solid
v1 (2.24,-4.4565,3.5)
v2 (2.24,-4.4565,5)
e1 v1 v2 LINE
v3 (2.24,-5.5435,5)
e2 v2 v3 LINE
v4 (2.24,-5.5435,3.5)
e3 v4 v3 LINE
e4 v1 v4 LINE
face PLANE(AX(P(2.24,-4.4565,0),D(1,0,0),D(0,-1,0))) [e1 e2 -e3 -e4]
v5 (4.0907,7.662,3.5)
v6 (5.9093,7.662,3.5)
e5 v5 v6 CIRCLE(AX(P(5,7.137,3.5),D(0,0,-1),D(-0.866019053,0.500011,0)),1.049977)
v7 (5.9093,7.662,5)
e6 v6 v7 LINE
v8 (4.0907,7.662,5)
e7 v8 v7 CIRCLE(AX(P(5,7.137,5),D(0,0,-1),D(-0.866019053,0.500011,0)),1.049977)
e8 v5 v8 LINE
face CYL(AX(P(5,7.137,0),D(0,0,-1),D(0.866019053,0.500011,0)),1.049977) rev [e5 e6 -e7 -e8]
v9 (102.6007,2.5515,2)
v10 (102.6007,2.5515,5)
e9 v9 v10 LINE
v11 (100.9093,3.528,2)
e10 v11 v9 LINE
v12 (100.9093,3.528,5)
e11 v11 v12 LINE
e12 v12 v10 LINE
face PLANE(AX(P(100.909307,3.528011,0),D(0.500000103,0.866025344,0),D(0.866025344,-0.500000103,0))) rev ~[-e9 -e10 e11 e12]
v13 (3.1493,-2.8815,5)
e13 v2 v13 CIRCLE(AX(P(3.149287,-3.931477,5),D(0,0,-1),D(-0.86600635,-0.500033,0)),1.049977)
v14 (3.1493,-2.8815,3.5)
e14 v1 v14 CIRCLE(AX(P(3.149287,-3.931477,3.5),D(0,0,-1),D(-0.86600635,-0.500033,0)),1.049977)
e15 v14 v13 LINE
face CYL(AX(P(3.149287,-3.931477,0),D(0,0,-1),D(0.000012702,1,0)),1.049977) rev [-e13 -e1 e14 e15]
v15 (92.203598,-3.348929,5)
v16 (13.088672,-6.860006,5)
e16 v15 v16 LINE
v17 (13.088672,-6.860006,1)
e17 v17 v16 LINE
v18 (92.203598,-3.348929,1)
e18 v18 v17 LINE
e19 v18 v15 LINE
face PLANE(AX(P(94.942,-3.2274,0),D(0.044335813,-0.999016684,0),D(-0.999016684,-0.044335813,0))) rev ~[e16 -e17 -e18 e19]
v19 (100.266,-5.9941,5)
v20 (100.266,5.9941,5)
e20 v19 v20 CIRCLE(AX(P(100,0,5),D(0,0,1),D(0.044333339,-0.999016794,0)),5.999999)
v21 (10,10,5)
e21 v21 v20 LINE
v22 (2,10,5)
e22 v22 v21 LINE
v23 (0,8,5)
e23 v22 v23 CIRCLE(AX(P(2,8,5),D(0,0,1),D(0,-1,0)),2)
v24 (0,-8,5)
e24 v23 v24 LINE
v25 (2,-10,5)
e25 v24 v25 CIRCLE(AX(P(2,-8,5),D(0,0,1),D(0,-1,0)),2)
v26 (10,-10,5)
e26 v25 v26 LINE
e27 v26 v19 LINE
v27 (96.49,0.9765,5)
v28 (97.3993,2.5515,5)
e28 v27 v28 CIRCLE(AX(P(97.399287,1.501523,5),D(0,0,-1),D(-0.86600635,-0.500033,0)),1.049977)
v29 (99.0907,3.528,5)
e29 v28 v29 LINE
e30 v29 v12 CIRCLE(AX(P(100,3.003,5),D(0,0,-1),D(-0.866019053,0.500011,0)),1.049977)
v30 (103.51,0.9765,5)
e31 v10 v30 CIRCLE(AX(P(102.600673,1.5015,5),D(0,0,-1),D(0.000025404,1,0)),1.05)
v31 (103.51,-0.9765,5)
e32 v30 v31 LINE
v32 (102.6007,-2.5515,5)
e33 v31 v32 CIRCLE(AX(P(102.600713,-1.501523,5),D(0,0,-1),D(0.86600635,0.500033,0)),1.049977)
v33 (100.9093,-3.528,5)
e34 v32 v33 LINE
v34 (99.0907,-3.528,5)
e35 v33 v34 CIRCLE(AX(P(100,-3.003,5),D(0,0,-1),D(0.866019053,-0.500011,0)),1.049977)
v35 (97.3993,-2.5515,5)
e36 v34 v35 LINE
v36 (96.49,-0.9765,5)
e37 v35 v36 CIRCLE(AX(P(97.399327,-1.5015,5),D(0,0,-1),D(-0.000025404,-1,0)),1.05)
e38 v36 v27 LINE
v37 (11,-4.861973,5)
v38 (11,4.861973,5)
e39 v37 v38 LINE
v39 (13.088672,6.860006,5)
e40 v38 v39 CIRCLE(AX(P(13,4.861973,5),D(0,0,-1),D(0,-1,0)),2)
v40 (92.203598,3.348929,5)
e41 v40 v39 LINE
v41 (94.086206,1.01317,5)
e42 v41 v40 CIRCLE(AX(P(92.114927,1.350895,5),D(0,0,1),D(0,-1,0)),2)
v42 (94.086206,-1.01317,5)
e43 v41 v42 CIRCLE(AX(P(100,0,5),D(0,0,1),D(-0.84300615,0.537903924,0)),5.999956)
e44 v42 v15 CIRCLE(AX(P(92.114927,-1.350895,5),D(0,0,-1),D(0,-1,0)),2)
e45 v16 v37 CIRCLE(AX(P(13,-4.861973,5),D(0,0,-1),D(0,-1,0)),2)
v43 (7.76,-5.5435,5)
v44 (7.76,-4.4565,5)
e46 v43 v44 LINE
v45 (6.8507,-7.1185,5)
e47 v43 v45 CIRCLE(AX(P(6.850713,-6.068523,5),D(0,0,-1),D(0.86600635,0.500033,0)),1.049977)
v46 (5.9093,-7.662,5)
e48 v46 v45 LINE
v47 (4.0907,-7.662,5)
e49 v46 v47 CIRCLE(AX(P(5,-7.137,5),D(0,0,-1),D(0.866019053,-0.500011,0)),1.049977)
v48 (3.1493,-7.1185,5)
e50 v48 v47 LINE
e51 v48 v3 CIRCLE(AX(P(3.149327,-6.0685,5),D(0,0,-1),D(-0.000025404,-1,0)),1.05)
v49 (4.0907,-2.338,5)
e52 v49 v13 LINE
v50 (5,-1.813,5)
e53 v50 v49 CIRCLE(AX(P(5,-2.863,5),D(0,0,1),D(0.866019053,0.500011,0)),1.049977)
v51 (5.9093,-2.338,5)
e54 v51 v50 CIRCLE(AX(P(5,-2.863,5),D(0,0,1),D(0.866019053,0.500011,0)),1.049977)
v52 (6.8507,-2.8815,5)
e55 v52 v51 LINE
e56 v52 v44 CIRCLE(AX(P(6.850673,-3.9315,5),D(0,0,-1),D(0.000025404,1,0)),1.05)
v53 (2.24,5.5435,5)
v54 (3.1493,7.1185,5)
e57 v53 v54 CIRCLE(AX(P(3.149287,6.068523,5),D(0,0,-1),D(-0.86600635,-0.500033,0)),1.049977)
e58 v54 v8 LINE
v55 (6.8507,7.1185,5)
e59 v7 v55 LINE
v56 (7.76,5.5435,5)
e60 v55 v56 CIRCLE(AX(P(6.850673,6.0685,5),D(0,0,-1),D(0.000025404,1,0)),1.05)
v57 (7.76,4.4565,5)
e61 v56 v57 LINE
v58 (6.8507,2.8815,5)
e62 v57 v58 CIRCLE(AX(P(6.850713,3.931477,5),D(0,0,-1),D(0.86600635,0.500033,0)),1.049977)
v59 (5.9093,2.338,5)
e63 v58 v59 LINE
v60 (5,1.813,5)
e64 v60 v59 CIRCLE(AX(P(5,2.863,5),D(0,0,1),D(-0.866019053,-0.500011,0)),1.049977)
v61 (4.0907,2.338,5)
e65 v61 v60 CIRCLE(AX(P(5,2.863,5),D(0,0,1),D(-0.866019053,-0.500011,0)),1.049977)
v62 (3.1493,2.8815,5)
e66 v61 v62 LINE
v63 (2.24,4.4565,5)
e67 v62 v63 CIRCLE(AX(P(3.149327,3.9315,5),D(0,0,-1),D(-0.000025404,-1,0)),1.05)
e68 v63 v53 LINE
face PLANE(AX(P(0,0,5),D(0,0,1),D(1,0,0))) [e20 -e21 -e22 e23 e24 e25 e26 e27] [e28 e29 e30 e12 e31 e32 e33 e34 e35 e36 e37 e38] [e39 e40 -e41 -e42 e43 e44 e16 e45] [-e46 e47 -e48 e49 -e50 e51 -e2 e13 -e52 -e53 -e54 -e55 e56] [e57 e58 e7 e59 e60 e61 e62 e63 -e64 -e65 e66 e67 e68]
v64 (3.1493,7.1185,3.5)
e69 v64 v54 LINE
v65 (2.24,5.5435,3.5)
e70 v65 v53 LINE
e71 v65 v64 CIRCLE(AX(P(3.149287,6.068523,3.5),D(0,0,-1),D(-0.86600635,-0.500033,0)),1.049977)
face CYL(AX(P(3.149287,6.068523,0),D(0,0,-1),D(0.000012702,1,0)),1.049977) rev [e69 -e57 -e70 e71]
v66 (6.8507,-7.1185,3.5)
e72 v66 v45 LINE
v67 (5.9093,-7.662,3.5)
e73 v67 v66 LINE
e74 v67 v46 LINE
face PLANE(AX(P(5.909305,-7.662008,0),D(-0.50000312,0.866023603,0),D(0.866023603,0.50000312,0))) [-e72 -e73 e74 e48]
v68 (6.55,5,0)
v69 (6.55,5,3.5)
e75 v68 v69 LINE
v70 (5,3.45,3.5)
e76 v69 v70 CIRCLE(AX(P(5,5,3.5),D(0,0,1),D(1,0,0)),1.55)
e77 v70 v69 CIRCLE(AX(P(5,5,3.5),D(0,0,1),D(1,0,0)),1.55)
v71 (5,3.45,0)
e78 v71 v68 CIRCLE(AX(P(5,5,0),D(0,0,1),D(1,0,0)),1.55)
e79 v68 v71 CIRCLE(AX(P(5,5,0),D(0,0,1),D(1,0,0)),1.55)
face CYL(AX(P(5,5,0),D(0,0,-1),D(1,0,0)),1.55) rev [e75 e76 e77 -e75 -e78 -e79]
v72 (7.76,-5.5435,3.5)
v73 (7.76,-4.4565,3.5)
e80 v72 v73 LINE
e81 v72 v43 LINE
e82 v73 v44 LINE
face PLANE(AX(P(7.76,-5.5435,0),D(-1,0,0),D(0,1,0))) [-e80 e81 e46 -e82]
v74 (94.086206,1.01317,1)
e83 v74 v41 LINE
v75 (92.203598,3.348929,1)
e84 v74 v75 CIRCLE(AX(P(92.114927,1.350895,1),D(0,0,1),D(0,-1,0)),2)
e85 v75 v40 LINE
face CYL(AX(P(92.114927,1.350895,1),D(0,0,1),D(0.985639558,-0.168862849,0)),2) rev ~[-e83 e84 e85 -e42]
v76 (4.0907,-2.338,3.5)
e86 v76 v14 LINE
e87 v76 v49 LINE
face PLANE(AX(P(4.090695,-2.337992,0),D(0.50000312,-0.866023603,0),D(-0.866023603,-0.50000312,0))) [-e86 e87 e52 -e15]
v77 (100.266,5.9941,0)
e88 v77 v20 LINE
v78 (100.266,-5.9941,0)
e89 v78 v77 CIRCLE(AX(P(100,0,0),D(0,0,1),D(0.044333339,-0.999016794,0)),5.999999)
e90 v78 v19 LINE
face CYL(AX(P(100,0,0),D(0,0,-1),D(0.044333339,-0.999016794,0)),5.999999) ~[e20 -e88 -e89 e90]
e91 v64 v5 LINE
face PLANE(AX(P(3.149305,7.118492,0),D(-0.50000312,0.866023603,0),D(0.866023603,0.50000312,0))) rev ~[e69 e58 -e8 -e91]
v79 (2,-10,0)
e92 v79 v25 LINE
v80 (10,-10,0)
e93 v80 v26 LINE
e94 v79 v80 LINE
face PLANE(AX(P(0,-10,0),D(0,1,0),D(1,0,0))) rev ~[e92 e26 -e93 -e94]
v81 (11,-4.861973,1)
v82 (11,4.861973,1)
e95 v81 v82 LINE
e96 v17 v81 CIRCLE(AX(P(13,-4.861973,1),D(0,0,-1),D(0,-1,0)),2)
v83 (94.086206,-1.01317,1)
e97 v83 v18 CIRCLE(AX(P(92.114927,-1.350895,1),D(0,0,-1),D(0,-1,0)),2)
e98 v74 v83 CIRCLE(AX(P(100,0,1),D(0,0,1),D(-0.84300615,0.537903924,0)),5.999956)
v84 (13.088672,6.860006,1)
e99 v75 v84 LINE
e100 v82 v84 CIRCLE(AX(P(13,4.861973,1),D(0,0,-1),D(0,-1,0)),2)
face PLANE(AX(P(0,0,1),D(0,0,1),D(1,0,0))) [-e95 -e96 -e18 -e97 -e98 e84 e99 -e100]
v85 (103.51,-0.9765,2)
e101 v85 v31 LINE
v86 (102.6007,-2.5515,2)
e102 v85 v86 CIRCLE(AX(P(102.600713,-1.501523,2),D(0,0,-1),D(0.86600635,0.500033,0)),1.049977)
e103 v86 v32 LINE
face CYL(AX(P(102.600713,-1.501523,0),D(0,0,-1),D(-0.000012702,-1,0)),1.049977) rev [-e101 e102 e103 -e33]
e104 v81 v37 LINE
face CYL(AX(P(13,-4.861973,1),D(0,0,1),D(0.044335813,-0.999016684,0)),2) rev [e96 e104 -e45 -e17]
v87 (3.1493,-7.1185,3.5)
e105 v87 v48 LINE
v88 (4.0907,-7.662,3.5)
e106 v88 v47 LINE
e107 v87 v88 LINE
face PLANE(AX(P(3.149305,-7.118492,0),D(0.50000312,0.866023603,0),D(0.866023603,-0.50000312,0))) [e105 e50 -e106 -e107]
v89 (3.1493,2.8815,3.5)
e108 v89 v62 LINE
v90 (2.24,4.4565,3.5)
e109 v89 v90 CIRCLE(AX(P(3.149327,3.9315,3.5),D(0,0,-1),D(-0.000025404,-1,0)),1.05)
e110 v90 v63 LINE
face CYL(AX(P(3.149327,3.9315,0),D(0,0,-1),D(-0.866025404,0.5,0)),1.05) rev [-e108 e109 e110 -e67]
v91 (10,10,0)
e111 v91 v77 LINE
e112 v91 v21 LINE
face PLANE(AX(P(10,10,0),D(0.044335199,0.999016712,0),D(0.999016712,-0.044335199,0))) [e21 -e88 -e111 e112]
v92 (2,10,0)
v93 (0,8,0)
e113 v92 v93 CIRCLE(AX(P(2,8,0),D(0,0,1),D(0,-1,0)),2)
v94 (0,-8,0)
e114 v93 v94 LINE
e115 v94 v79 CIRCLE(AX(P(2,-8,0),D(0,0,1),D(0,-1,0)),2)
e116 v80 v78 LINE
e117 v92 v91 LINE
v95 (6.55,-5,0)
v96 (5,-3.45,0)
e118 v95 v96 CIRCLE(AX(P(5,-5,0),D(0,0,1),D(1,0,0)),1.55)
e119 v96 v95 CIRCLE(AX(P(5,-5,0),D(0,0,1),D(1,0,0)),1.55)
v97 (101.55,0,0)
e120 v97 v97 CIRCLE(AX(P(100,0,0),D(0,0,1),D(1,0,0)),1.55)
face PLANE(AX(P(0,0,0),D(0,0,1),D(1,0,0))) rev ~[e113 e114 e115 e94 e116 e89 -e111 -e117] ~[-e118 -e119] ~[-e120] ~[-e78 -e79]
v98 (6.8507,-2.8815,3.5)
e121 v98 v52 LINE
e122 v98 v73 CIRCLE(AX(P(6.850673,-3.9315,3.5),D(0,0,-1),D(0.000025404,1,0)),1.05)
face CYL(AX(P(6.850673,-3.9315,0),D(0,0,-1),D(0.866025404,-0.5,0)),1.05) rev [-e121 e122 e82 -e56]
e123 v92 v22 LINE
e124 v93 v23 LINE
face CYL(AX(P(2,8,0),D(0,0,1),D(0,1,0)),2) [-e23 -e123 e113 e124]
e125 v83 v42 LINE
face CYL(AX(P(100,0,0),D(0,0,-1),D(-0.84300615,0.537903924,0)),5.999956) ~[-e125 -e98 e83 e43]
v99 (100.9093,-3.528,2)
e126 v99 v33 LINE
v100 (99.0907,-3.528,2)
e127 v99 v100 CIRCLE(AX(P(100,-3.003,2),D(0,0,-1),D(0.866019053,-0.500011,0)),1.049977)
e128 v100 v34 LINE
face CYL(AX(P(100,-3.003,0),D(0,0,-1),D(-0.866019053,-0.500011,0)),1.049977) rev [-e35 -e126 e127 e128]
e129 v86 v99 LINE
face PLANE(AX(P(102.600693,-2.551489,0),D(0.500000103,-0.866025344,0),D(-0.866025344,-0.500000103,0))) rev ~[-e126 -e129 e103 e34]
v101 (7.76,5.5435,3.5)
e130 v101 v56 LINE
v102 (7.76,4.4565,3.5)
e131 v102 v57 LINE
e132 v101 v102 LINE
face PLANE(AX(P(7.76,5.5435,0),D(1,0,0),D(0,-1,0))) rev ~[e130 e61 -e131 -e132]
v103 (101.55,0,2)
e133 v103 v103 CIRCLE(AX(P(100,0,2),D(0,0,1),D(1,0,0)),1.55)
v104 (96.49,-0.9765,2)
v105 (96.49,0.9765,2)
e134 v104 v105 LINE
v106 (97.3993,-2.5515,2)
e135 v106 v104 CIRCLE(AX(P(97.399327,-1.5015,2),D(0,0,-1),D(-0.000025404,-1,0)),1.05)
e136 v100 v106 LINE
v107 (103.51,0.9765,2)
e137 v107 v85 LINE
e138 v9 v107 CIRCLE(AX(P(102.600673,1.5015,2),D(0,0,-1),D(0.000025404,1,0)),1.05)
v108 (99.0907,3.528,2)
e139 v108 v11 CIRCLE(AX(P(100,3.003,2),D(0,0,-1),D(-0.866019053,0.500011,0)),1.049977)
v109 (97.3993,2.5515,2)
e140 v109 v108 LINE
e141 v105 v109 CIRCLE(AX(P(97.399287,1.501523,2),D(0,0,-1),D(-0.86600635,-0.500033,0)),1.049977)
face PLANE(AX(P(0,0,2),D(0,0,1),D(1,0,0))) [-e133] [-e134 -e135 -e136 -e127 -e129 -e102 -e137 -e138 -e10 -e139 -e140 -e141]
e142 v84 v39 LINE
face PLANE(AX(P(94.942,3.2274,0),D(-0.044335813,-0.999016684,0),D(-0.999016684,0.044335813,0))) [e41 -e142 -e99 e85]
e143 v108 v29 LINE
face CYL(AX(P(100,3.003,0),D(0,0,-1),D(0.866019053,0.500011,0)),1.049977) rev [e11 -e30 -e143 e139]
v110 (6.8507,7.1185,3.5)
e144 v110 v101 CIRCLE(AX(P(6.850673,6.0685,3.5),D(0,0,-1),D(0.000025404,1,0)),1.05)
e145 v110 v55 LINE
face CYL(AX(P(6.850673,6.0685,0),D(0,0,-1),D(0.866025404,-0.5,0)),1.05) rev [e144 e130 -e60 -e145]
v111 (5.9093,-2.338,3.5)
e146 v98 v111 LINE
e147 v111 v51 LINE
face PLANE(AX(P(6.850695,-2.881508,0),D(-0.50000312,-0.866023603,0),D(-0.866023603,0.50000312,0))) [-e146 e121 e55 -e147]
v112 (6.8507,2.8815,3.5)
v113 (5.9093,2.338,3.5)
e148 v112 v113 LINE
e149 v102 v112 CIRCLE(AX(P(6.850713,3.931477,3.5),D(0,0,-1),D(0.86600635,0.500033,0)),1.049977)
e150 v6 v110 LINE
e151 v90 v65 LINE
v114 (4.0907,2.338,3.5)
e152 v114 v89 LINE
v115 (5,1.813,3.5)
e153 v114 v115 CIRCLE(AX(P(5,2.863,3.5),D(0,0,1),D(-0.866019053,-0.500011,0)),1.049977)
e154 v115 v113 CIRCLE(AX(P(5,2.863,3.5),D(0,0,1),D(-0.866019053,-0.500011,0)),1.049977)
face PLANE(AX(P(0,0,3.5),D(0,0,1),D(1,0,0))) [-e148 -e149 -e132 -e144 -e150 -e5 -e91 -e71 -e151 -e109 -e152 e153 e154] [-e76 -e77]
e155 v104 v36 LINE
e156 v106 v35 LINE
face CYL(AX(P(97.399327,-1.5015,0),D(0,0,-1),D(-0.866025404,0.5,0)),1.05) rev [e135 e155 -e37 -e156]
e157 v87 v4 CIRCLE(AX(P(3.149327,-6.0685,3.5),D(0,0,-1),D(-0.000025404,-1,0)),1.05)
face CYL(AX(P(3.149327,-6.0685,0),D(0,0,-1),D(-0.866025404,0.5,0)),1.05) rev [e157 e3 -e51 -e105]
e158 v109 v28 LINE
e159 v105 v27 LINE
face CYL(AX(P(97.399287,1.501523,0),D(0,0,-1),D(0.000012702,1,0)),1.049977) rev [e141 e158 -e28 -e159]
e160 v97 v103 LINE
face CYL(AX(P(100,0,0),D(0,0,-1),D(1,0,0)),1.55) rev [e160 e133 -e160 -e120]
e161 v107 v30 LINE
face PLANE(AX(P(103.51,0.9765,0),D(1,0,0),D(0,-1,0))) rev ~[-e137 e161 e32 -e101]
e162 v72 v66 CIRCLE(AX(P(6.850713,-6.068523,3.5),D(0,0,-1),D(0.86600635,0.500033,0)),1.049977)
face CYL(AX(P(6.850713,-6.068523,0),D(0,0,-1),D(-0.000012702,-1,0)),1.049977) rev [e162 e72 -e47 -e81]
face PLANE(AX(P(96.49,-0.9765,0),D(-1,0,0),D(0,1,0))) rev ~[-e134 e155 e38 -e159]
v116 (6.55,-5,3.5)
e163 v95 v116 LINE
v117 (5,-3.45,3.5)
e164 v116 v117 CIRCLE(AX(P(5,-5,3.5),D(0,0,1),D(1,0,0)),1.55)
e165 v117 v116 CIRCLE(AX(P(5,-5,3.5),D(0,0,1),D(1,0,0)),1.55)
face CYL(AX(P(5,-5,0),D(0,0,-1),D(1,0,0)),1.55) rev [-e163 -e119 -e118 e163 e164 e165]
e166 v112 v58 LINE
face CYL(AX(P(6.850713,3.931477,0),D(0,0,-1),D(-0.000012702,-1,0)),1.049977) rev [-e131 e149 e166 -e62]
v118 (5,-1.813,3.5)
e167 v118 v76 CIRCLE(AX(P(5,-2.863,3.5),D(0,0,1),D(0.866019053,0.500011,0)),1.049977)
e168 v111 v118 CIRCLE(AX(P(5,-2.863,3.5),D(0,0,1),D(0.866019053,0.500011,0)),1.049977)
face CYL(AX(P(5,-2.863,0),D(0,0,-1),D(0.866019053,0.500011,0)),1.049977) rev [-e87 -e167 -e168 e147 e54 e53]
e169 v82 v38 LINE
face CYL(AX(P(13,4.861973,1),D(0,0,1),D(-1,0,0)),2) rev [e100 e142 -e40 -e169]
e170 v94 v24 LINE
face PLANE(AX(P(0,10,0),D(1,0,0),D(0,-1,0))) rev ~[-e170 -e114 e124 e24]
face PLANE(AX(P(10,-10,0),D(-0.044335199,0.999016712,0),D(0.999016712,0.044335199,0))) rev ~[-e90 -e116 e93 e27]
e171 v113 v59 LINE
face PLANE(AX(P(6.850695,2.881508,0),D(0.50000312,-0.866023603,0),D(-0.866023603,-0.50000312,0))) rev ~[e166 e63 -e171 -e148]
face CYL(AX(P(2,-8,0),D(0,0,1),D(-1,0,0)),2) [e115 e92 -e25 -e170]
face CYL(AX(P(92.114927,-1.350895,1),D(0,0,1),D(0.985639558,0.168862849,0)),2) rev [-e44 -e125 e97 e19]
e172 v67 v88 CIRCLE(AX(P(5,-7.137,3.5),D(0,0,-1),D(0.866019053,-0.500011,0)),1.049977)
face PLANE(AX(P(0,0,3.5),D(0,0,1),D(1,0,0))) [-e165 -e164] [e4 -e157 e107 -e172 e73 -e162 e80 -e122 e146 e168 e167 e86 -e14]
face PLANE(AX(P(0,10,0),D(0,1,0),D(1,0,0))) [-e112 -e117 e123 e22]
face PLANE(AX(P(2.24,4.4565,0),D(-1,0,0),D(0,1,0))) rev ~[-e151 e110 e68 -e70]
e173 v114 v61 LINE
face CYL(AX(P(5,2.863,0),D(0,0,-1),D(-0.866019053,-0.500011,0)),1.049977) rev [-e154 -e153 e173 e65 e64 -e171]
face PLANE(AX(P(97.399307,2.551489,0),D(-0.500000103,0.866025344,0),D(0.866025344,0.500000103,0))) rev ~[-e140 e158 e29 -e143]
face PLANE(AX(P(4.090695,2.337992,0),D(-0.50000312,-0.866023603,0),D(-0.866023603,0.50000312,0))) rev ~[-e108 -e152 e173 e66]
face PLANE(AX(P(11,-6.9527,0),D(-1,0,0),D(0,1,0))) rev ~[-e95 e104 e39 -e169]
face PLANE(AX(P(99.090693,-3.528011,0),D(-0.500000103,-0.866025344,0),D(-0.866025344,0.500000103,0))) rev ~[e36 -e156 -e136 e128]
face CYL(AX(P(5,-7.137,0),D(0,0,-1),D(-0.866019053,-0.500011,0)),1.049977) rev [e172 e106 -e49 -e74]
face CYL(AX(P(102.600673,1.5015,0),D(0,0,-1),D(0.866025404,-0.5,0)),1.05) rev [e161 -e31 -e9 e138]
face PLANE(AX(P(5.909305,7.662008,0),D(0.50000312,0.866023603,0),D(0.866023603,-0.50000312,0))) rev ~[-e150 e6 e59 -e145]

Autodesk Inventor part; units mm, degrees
ref_plane "YZ Plane" through (0, 0, 0) normal (1, 0, 0) x (0, 1, 0)
ref_plane "XZ Plane" through (0, 0, 0) normal (0, 1, 0) x (-1, 0, 0)
ref_plane "XY Plane" through (0, 0, 0) normal (0, 0, 1) x (1, 0, 0)
sketch "スケッチ1" plane through (0, 0, 0) normal (0, 0, 1) x (1, 0, 0)
  circle A0 centre (5, 5) radius 1.55
  circle A1 centre (5, -5) radius 1.55
  line L0 (0, 0) -> (100, 0) construction
  circle A2 centre (100, 0) radius 1.55
  line L1 (0, 10) -> (0, -10)
  line L2 (0, -10) -> (10, -10)
  line L3 (10, -10) -> (100.266, -5.9941)
  line L4 (10, 10) -> (100.266, 5.9941)
  arc A3 (100.266, -5.9941) -> (100.266, 5.9941) centre (100, 0) ccw
  line L5 (94.942, -3.2274) -> (11, -6.9527)
  line L6 (94.942, 3.2274) -> (11, 6.9527)
  arc A4 (94.942, 3.2274) -> (94.942, -3.2274) centre (100, 0) ccw
  line L7 (11, -6.9527) -> (11, 6.9527)
  line L8 (5, -5) -> (5, 5)
  line L9 (0, 10) -> (10, 10)
  line L10 (7.76, 6.5935) -> (7.76, 3.4065)
  line L11 (7.76, 3.4065) -> (5, 1.813)
  line L12 (5, 1.813) -> (2.24, 3.4065)
  line L13 (2.24, 3.4065) -> (2.24, 6.5935)
  line L14 (2.24, 6.5935) -> (5, 8.187)
  line L15 (5, 8.187) -> (7.76, 6.5935)
  arc A5 (4.0907, 2.338) -> (5.9093, 2.338) centre (5, 2.863) ccw
  arc A6 (6.8507, 2.8815) -> (7.76, 4.4565) centre (6.8507, 3.9315) ccw
  arc A7 (7.76, 5.5435) -> (6.8507, 7.1185) centre (6.8507, 6.0685) ccw
  arc A8 (5.9093, 7.662) -> (4.0907, 7.662) centre (5, 7.137) ccw
  arc A9 (3.1493, 7.1185) -> (2.24, 5.5435) centre (3.1493, 6.0685) ccw
  arc A10 (2.24, 4.4565) -> (3.1493, 2.8815) centre (3.1493, 3.9315) ccw
  line L16 (7.76, -6.5935) -> (7.76, -3.4065)
  line L17 (7.76, -3.4065) -> (5, -1.813)
  line L18 (5, -1.813) -> (2.24, -3.4065)
  line L19 (2.24, -3.4065) -> (2.24, -6.5935)
  line L20 (2.24, -6.5935) -> (5, -8.187)
  line L21 (5, -8.187) -> (7.76, -6.5935)
  arc A11 (5.9093, -2.338) -> (4.0907, -2.338) centre (5, -2.863) ccw
  arc A12 (7.76, -4.4565) -> (6.8507, -2.8815) centre (6.8507, -3.9315) ccw
  arc A13 (6.8507, -7.1185) -> (7.76, -5.5435) centre (6.8507, -6.0685) ccw
  arc A14 (4.0907, -7.662) -> (5.9093, -7.662) centre (5, -7.137) ccw
  arc A15 (2.24, -5.5435) -> (3.1493, -7.1185) centre (3.1493, -6.0685) ccw
  arc A16 (3.1493, -2.8815) -> (2.24, -4.4565) centre (3.1493, -3.9315) ccw
  circle A17 centre (100, 0) radius 1.55
  line L22 (103.51, 2.0265) -> (103.51, -2.0265)
  line L23 (103.51, -2.0265) -> (100, -4.053)
  line L24 (100, -4.053) -> (96.49, -2.0265)
  line L25 (96.49, -2.0265) -> (96.49, 2.0265)
  line L26 (96.49, 2.0265) -> (100, 4.053)
  line L27 (100, 4.053) -> (103.51, 2.0265)
  arc A18 (99.0907, -3.528) -> (100.9093, -3.528) centre (100, -3.003) ccw
  arc A19 (102.6007, -2.5515) -> (103.51, -0.9765) centre (102.6007, -1.5015) ccw
  arc A20 (103.51, 0.9765) -> (102.6007, 2.5515) centre (102.6007, 1.5015) ccw
  arc A21 (100.9093, 3.528) -> (99.0907, 3.528) centre (100, 3.003) ccw
  arc A22 (97.3993, 2.5515) -> (96.49, 0.9765) centre (97.3993, 1.5015) ccw
  arc A23 (96.49, -0.9765) -> (97.3993, -2.5515) centre (97.3993, -1.5015) ccw
  line L28 (100, 4.053) -> (100, -4.053) construction
  point P0 (5, 0)
  point P1 (7.76, 3.4065)
  point P2 (7.76, 6.5935)
  point P3 (5, 8.187)
  point P4 (2.24, 6.5935)
  point P5 (2.24, 3.4065)
  point P6 (3.1493, 7.1185)
  point P7 (4.0907, 7.662)
  point P8 (6.8507, 7.1185)
  point P9 (7.76, 5.5435)
  point P10 (7.76, 4.4565)
  point P11 (6.8507, 2.8815)
  point P12 (6.8507, -2.8815)
  point P13 (7.76, -5.5435)
  point P14 (6.8507, -7.1185)
  point P15 (3.1493, -7.1185)
  point P16 (2.24, -4.4565)
  point P17 (3.1493, -2.8815)
  point P18 (96.49, 2.0265)
  point P19 (96.49, -2.0265)
  point P20 (102.6007, -2.5515)
  point P21 (97.3993, -2.5515)
  point P22 (96.49, -0.9765)
  point P23 (96.49, 0.9765)
  point P24 (97.3993, 2.5515)
  point P25 (99.0907, 3.528)
  point P26 (100.9093, 3.528)
  point P27 (102.6007, 2.5515)
  point P28 (103.51, 0.9765)
  point P29 (103.51, -0.9765)
  dimension "d0" = 10
  dimension "d1" = 3.1
  dimension "d2" = 3.1
  dimension "d3" = 100
  dimension "d4" = 6
  dimension "d33" = 3
  dimension "d34" = 6
  dimension "d35" = 6
  dimension "d40" = 20
  dimension "d41" = 5
  dimension "d42" = 10
  dimension "d43" = 5.52
  dimension "d44" = 2.1
  dimension "d47" = 360
  dimension "d57" = 3.1
  dimension "d58" = 7.02
  dimension "d59" = 2.1
  dimension "d60" = 360
extrude "押し出し1" add sketch "スケッチ1" along normal blind 5 contours L9 L4 A3 L3 L2 L1
extrude "押し出し5" add sketch "スケッチ1" along normal blind 3.5 contours L12 L13 L14 L15 L10 L11 | L11 A5 | A11 L17 | L17 L16 L21 L20 L19 L18 | L18 A11 | A5 L12 | L11 A6 | A10 L12 | A12 L17 | L18 A16 | L10 A6 | A10 L13 | A12 L16 | L19 A16 | L10 A7 | A9 L13 | A13 L16 | L19 A15 | L15 A7 | A9 L14 | A13 L21 | L20 A15 | L15 A8 | A8 L14 | A14 L21 | L20 A14
extrude "押し出し6" add sketch "スケッチ1" along normal blind 2 contours A20 L22 | L22 L23 L24 L25 L26 L27 | L27 A20 | A19 L22 | L27 A21 | A19 L23 | L26 A21 | A18 L23 | L26 A22 | A18 L24 | L25 A22 | A23 L24 | L25 A23
extrude "押し出し7" add sketch "スケッチ1" along normal blind 1 contours L5 L7 L6 A4
fillet "フィレット2" radius 2 6 edges at (11, 6.9527, 3) (11, -6.9527, 3) (94.942, 3.2274, 3) (94.942, -3.2274, 3) (0, -10, 2.5) (0, 10, 2.5)
properties part number "胴体_サブフレーム_1_12" material "アセタール樹脂、黒"
